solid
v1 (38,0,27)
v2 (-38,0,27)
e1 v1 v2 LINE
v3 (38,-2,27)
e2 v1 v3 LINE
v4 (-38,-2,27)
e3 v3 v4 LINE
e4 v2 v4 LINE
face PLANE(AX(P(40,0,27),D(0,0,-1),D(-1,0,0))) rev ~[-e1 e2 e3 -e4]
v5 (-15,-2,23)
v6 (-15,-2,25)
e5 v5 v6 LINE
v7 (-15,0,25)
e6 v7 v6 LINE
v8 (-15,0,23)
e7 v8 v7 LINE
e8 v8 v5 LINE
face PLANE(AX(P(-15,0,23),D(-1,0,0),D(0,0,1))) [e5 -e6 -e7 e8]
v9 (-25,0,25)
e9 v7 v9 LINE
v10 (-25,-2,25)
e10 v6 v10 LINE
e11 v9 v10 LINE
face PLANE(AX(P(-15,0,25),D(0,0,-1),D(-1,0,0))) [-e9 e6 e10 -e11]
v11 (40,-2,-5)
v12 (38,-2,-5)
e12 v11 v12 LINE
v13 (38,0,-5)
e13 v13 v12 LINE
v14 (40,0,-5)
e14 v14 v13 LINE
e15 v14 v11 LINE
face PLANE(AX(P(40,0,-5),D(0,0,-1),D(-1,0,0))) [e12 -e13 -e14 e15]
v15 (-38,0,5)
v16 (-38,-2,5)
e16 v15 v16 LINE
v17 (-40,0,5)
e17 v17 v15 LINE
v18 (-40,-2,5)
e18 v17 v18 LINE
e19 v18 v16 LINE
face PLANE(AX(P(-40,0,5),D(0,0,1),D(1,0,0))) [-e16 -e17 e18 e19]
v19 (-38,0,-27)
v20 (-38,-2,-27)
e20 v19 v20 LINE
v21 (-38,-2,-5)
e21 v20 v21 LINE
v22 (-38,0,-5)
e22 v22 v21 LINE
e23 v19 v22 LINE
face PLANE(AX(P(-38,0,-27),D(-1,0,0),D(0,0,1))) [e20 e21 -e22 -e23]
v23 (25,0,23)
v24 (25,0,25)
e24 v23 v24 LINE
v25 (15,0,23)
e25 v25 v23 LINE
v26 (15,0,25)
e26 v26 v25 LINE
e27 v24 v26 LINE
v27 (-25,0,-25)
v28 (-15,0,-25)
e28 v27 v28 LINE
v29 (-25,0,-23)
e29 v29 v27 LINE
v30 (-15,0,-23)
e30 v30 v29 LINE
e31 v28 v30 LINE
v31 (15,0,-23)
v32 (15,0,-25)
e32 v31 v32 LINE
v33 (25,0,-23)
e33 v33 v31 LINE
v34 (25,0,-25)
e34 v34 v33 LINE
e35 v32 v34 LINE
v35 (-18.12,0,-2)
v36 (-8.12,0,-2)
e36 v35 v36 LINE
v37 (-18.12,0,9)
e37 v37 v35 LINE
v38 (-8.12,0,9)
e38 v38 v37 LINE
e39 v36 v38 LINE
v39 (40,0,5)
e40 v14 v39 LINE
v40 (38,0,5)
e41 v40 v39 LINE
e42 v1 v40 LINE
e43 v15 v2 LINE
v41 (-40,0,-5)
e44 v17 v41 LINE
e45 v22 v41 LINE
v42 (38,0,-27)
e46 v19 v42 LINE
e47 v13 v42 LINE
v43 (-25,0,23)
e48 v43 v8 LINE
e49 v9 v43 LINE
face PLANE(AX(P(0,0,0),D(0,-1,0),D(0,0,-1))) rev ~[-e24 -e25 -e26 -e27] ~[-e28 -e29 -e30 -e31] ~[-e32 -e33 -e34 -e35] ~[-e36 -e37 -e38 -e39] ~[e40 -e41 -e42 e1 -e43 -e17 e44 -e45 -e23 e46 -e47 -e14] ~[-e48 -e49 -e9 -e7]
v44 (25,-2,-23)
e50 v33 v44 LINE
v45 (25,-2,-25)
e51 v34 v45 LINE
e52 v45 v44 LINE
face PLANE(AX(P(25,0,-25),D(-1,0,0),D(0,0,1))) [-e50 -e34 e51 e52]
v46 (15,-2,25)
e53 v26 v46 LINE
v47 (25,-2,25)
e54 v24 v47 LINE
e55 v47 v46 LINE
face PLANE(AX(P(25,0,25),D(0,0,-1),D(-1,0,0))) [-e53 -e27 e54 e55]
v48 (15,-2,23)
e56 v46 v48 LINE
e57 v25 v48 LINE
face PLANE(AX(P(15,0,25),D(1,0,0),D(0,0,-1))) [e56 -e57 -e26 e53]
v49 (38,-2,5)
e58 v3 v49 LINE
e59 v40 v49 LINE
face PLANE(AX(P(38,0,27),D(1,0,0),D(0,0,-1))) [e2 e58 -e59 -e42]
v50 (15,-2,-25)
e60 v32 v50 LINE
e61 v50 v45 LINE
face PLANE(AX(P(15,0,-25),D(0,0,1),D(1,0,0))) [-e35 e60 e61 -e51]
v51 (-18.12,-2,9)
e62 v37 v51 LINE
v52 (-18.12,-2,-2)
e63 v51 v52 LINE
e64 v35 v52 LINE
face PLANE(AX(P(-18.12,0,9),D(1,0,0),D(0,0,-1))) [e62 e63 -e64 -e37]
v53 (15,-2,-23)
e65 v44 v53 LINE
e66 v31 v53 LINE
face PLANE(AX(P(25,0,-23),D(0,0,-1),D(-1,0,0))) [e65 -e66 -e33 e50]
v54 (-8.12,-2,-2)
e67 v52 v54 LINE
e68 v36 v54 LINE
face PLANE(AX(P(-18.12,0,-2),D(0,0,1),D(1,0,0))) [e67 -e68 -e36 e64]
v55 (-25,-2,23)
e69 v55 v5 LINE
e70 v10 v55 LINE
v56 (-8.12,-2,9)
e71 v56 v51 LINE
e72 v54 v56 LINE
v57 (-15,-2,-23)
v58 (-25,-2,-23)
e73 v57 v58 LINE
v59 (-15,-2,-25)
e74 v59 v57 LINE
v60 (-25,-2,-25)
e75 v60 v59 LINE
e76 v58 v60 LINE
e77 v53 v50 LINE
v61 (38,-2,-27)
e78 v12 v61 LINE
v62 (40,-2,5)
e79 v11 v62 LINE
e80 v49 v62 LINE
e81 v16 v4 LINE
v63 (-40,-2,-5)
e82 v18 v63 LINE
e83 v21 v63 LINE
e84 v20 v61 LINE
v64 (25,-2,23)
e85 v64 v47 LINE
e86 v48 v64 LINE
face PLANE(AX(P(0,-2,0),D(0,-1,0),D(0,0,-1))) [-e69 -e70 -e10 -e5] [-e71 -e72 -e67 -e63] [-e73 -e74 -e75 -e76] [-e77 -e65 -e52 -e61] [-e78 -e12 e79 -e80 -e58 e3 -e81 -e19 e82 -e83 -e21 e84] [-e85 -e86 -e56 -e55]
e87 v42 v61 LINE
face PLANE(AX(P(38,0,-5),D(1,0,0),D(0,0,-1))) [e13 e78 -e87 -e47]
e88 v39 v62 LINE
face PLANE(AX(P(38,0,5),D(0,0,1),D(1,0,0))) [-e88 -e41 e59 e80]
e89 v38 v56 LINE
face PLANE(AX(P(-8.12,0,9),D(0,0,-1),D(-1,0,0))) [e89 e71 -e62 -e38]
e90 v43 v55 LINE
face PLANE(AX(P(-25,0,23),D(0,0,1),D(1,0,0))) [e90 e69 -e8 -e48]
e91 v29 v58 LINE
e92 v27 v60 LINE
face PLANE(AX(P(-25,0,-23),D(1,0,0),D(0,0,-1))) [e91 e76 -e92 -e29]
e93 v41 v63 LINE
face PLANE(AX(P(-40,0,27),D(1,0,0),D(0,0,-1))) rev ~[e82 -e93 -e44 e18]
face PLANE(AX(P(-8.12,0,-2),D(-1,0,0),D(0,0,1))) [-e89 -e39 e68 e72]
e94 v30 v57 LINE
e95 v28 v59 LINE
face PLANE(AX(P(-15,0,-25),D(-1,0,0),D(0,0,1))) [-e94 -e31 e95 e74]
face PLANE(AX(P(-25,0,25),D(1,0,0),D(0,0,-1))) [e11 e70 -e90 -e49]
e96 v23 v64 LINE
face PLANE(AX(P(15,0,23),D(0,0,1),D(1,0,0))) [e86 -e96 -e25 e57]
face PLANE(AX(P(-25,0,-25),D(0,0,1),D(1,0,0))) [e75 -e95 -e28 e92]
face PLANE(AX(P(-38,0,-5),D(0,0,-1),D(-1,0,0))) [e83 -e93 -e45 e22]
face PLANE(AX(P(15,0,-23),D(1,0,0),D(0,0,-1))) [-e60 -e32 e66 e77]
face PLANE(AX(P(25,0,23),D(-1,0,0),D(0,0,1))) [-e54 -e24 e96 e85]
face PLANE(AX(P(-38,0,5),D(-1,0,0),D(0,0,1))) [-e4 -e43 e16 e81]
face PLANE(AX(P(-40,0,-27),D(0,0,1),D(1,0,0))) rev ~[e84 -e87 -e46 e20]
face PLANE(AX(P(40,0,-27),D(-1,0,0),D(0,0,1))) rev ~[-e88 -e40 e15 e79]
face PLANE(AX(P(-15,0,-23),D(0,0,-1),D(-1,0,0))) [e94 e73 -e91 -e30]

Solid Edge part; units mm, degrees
sketch "Sketch1" plane through (0, 0, 0) normal (0, -1, 0) x (1, 0, 0)
  line L0 (40, -27) -> (40, 27)
  line L1 (40, 27) -> (-40, 27)
  line L2 (-40, 27) -> (-40, -27)
  line L3 (-40, -27) -> (40, -27)
extrude "Protrusion1" add sketch "Sketch1" along normal blind 2
sketch "Sketch2" plane through (0, 0, 0) normal (0, -1, 0) x (1, 0, 0)
  line L0 (-25, 23) -> (-15, 23)
  line L1 (-15, 23) -> (-15, 25)
  line L2 (-15, 25) -> (-25, 25)
  line L3 (-25, 25) -> (-25, 23)
extrude "ExtrudedCutout_1" cut sketch "Sketch2" along normal blind 2
sketch "Sketch3" plane through (0, 0, 0) normal (0, -1, 0) x (1, 0, 0)
  line L0 (25, 25) -> (15, 25)
  line L1 (15, 25) -> (15, 23)
  line L2 (15, 23) -> (25, 23)
  line L3 (25, 23) -> (25, 25)
extrude "ExtrudedCutout_2" cut sketch "Sketch3" along normal blind 2
sketch "Sketch4" plane through (0, 0, 0) normal (0, -1, 0) x (1, 0, 0)
  line L0 (15, -25) -> (25, -25)
  line L1 (25, -25) -> (25, -23)
  line L2 (25, -23) -> (15, -23)
  line L3 (15, -23) -> (15, -25)
extrude "ExtrudedCutout_3" cut sketch "Sketch4" along normal blind 2
sketch "Sketch5" plane through (0, 0, 0) normal (0, -1, 0) x (1, 0, 0)
  line L0 (-15, -23) -> (-25, -23)
  line L1 (-25, -23) -> (-25, -25)
  line L2 (-25, -25) -> (-15, -25)
  line L3 (-15, -25) -> (-15, -23)
extrude "ExtrudedCutout_4" cut sketch "Sketch5" along normal blind 2
sketch "Sketch6" plane through (0, 0, 0) normal (0, -1, 0) x (1, 0, 0)
  line L0 (-38, -27) -> (-38, -5)
  line L1 (-38, -5) -> (-40, -5)
  line L2 (-40, -5) -> (-40, -27)
  line L3 (-40, -27) -> (-38, -27)
extrude "ExtrudedCutout_5" cut sketch "Sketch6" along normal blind 2
sketch "Sketch7" plane through (0, 0, 0) normal (0, -1, 0) x (1, 0, 0)
  line L0 (-38, 5) -> (-38, 27)
  line L1 (-38, 27) -> (-40, 27)
  line L2 (-40, 27) -> (-40, 5)
  line L3 (-40, 5) -> (-38, 5)
extrude "ExtrudedCutout_6" cut sketch "Sketch7" along normal blind 2
sketch "Sketch8" plane through (0, 0, 0) normal (0, -1, 0) x (1, 0, 0)
  line L0 (38, -5) -> (38, -27)
  line L1 (38, -27) -> (40, -27)
  line L2 (40, -27) -> (40, -5)
  line L3 (40, -5) -> (38, -5)
extrude "ExtrudedCutout_7" cut sketch "Sketch8" along normal blind 2
sketch "Sketch9" plane through (0, 0, 0) normal (0, -1, 0) x (1, 0, 0)
  line L0 (38, 27) -> (38, 5)
  line L1 (38, 5) -> (40, 5)
  line L2 (40, 5) -> (40, 27)
  line L3 (40, 27) -> (38, 27)
extrude "ExtrudedCutout_8" cut sketch "Sketch9" along normal blind 2
sketch "Sketch10" plane through (0, 0, 0) normal (0, -1, 0) x (1, 0, 0)
  line L0 (-18.12, -2) -> (-8.12, -2)
  line L1 (-8.12, -2) -> (-8.12, 9)
  line L2 (-8.12, 9) -> (-18.12, 9)
  line L3 (-18.12, 9) -> (-18.12, -2)
extrude "ExtrudedCutout_9" cut sketch "Sketch10" along normal blind 2
properties material "Acrylic, high impact grade"
